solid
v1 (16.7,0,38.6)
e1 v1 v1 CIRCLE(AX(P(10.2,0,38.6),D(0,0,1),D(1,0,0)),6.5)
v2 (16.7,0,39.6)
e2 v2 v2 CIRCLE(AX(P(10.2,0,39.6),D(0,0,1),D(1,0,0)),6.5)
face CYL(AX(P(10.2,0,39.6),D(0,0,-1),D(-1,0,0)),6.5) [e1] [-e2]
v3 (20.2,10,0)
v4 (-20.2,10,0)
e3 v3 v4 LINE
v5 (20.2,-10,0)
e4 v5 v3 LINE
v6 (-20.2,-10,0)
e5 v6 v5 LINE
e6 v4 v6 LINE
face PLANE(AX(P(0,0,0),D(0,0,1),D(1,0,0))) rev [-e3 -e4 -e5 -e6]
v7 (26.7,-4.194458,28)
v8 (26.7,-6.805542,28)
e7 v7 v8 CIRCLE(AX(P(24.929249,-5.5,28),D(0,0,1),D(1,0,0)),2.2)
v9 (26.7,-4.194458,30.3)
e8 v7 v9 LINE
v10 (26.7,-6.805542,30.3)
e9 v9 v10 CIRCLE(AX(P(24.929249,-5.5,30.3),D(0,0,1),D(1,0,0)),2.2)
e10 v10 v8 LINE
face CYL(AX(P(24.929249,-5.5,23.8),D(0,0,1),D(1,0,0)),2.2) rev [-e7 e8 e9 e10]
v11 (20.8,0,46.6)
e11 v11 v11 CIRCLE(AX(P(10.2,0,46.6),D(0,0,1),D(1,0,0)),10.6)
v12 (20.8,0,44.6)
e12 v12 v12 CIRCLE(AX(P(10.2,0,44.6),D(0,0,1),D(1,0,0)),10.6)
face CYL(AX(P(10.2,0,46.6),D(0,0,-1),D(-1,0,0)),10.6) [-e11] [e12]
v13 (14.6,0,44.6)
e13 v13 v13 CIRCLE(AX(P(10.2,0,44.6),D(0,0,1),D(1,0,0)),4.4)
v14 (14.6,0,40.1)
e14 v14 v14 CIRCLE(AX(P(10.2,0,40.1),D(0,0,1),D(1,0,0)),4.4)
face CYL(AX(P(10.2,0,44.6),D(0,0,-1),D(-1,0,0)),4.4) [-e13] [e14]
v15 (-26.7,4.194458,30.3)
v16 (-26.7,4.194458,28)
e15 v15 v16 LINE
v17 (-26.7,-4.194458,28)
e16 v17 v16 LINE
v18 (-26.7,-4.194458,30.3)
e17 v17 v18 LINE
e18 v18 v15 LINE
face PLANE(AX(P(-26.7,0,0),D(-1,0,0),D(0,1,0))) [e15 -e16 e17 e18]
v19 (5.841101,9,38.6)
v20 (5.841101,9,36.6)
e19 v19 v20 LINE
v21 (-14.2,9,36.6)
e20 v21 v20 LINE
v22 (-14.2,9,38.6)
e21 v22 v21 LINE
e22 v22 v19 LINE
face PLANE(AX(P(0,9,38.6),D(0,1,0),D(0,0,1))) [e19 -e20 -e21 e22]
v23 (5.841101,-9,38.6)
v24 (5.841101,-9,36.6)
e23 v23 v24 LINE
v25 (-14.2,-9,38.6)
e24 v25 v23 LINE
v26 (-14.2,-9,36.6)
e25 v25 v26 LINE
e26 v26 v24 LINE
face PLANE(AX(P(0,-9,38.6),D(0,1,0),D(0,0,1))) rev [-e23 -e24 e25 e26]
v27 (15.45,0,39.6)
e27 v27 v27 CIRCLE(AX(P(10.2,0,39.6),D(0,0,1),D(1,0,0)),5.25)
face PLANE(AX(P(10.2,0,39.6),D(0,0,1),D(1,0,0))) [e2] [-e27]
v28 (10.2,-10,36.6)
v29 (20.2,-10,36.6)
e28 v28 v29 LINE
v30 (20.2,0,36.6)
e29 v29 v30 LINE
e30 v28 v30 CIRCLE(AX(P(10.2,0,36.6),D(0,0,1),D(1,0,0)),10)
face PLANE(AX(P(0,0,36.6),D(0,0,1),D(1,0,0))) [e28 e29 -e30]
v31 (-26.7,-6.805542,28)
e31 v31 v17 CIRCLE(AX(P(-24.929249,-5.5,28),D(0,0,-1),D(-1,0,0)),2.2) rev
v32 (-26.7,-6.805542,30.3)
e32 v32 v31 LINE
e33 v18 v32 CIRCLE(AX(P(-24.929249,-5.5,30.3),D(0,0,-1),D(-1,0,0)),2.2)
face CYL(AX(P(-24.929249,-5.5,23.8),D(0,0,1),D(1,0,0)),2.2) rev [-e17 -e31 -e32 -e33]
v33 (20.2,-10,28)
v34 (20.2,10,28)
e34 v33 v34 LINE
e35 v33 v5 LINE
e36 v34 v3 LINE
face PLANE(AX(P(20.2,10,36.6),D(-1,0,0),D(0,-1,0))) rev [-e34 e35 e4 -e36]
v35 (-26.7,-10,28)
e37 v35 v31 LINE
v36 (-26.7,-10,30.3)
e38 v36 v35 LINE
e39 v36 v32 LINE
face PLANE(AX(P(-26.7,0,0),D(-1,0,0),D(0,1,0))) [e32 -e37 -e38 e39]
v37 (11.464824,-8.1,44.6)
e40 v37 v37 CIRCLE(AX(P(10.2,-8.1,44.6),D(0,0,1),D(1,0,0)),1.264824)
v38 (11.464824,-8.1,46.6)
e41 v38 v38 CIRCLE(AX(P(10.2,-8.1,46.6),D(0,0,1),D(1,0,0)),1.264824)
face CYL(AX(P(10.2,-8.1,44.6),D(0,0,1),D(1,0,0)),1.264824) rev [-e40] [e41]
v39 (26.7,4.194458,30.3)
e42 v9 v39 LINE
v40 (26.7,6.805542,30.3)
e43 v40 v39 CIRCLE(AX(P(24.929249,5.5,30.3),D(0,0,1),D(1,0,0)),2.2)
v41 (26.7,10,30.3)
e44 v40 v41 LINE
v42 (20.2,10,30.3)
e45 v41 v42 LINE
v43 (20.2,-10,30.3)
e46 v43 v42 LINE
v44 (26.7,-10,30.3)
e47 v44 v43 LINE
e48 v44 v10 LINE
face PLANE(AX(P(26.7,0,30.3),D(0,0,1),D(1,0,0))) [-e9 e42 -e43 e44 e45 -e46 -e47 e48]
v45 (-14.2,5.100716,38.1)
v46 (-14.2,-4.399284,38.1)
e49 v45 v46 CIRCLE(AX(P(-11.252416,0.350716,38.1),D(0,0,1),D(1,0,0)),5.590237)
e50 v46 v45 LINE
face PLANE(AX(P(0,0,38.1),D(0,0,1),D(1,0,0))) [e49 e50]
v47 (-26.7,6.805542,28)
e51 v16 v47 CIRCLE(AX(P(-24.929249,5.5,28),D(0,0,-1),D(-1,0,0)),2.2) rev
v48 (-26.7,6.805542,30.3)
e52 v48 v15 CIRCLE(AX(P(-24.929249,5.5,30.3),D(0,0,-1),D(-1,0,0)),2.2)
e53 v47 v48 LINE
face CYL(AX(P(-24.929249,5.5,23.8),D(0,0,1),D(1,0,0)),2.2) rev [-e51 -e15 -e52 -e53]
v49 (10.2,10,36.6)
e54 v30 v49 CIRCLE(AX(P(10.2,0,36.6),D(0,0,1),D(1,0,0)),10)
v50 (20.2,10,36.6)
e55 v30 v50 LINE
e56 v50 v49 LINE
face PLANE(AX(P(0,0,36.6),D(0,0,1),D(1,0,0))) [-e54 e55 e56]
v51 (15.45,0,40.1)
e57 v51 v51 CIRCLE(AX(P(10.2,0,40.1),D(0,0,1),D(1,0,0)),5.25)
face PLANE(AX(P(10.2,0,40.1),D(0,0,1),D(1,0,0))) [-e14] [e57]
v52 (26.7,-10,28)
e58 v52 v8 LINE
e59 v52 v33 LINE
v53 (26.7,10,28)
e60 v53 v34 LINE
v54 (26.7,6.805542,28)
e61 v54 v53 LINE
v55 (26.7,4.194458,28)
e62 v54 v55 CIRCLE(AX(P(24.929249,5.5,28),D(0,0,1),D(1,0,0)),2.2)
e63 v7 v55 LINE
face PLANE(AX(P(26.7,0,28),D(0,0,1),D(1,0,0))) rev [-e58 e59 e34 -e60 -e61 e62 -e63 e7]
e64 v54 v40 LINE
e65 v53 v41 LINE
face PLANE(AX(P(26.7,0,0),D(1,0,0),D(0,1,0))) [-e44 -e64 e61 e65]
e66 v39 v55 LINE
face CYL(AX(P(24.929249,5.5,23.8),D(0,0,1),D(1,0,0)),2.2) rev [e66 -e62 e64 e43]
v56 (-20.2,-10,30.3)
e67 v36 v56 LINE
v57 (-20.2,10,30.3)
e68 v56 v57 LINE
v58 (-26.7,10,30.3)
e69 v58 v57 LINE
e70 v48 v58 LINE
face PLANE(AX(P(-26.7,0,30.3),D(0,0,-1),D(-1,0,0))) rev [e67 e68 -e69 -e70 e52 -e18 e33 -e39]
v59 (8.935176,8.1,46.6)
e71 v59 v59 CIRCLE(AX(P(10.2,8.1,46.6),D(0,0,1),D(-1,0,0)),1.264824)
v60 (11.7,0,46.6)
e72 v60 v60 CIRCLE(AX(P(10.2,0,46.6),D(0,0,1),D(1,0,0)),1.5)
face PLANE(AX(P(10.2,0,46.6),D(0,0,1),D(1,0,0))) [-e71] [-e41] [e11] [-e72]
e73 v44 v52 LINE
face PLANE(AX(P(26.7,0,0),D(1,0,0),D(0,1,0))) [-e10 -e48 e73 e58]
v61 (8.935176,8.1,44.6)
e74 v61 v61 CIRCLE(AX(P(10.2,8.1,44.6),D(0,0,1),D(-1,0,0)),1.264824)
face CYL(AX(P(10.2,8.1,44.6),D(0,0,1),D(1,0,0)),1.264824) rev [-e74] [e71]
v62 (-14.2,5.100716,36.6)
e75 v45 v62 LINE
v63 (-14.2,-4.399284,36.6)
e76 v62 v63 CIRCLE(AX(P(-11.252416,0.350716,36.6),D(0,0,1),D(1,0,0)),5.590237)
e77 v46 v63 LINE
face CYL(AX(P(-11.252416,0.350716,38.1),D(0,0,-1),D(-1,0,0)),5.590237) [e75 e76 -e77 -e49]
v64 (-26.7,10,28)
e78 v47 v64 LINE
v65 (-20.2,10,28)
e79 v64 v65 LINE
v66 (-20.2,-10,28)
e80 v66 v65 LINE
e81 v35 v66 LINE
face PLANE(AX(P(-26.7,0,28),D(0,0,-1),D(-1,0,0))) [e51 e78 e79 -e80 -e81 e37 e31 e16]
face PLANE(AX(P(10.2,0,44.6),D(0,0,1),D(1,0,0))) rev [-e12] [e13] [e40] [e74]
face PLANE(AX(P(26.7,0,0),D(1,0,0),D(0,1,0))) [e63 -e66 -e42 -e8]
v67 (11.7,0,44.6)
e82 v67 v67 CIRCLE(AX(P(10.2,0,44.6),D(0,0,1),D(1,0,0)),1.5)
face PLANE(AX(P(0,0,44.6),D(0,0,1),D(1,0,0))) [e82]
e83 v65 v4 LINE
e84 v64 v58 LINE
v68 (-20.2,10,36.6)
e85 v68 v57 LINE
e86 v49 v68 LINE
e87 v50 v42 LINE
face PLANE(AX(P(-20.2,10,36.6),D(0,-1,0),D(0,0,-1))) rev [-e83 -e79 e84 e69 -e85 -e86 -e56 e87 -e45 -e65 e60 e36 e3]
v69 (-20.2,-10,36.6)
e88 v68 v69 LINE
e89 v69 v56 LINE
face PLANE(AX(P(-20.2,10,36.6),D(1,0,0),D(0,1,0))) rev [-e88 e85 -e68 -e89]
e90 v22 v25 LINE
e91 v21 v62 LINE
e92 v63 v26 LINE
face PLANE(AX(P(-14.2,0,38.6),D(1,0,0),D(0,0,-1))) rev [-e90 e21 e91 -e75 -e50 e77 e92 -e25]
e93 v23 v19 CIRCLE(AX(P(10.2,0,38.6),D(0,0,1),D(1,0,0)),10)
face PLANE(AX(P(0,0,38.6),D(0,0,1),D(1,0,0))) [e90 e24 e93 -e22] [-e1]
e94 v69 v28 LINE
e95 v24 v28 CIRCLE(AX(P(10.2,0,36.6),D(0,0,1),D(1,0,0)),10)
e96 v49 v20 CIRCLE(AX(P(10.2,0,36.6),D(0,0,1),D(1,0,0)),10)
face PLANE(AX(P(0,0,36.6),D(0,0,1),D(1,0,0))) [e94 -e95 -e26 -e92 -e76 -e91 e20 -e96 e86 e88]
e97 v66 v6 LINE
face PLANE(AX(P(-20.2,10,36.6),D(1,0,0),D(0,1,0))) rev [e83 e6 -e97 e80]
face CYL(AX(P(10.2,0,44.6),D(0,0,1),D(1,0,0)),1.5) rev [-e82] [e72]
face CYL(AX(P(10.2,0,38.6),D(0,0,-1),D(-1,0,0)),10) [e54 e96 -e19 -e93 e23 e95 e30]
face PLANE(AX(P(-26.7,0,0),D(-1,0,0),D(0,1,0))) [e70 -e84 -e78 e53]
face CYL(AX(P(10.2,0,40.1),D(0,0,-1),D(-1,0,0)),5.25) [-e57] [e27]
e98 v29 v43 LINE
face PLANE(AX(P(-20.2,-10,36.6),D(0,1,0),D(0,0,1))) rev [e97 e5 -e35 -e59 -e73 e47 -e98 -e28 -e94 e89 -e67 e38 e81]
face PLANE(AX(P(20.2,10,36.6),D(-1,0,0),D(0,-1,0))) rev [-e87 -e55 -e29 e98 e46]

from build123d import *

# Parameters (mm, degrees)
SKETCH1_W           = 40.4
SKETCH1_H           = 20
BOSS_EXTRUDE1_DEPTH = 36.6
SKETCH2_W           = 2.3
SKETCH2_H           = 20
BOSS_EXTRUDE2_DEPTH = 6.5
SKETCH3_R           = 2.2
CUT_EXTRUDE1_DEPTH  = 6.5
BOSS_EXTRUDE4_DEPTH = 2
BOSS_EXTRUDE5_DEPTH = 1.5
SKETCH7_R           = 6.5
BOSS_EXTRUDE6_DEPTH = 1
SKETCH9_R           = 5.25
BOSS_EXTRUDE7_DEPTH = 0.5
SKETCH10_R          = 4.4
BOSS_EXTRUDE8_DEPTH = 4.5
SKETCH11_R          = 10.6
BOSS_EXTRUDE9_DEPTH = 2
SKETCH12_R          = 1.5
SKETCH12_R_2        = 1.264823641
CUT_EXTRUDE2_DEPTH  = 2
CIRPATTERN1_COUNT   = 2


with BuildPart() as part:
    # Sketch1 → Boss-Extrude1 (new body)
    with BuildSketch(Plane.XY):
        Rectangle(SKETCH1_W, SKETCH1_H)
    extrude(amount=BOSS_EXTRUDE1_DEPTH)

    # Sketch2 → Boss-Extrude2 (add)
    with BuildSketch(Plane(origin=(20.2, 0, 0), x_dir=(0, 0, -1), z_dir=(1, 0, 0))):
        with Locations((-29.15, 0)):
            Rectangle(SKETCH2_W, SKETCH2_H)
    boss_extrude2 = extrude(amount=BOSS_EXTRUDE2_DEPTH)

    # Sketch3 → Cut-Extrude1 (cut)
    with BuildSketch(Plane.XY.offset(30.3)):
        with Locations((24.929249083, -5.5)):
            Circle(SKETCH3_R)
        with Locations((24.929249083, 5.5)):
            Circle(SKETCH3_R)
    cut_extrude1 = extrude(amount=-CUT_EXTRUDE1_DEPTH, mode=Mode.SUBTRACT)

    # Mirror1: Boss-Extrude2, Cut-Extrude1 across plane
    add(boss_extrude2.mirror(Plane(origin=(0, 0, 0), x_dir=(0, 0, 1), z_dir=(1, 0, 0))))
    add(cut_extrude1.mirror(Plane(origin=(0, 0, 0), x_dir=(0, 0, 1), z_dir=(1, 0, 0))), mode=Mode.SUBTRACT)

    # Sketch5 → Boss-Extrude4 (add)
    with BuildSketch(Plane.XY.offset(36.6)):
        with BuildLine():
            Line((5.841101056, 9), (-14.2, 9))
            Line((-14.2, 9), (-14.2, 5.100716034))
            Line((-14.2, 5.100716034), (-14.2, -4.399283966))
            Line((-14.2, -4.399283966), (-14.2, -9))
            Line((-14.2, -9), (5.841101056, -9))
            ThreePointArc((5.841101056, -9), (0.2, 0), (5.841101056, 9))
        make_face()
        with BuildLine():
            ThreePointArc((20.2, 0), (15.510885546, 8.473163206), (5.841101056, 9))
            Line((5.841101056, 9), (5.841101056, -9))
            ThreePointArc((5.841101056, -9), (15.510885546, -8.473163206), (20.2, 0))
        make_face()
        with BuildLine():
            Line((5.841101056, -9), (5.841101056, 9))
            ThreePointArc((5.841101056, 9), (0.2, 0), (5.841101056, -9))
        make_face()
        with BuildLine():
            ThreePointArc((20.2, 0), (15.510885546, 8.473163206), (5.841101056, 9))
            Line((5.841101056, 9), (5.841101056, -9))
            ThreePointArc((5.841101056, -9), (15.510885546, -8.473163206), (20.2, 0))
        make_face()
        with BuildLine():
            Line((5.841101056, -9), (5.841101056, 9))
            ThreePointArc((5.841101056, 9), (0.2, 0), (5.841101056, -9))
        make_face()
    extrude(amount=BOSS_EXTRUDE4_DEPTH)

    # Sketch6 → Boss-Extrude5 (add)
    with BuildSketch(Plane.XY.offset(36.6)):
        with BuildLine():
            Line((-14.2, -4.399283966), (-14.2, 5.100716034))
            ThreePointArc((-14.2, 5.100716034), (-16.842653315, 0.350716034), (-14.2, -4.399283966))
        make_face()
    extrude(amount=BOSS_EXTRUDE5_DEPTH)

    # Sketch7 → Boss-Extrude6 (add)
    with BuildSketch(Plane.XY.offset(38.6)):
        with Locations((10.2, 0)):
            Circle(SKETCH7_R)
    extrude(amount=BOSS_EXTRUDE6_DEPTH)

    # Sketch9 → Boss-Extrude7 (add)
    with BuildSketch(Plane.XY.offset(39.6)):
        with Locations((10.2, 0)):
            Circle(SKETCH9_R)
    extrude(amount=BOSS_EXTRUDE7_DEPTH)

    # Sketch10 → Boss-Extrude8 (add)
    with BuildSketch(Plane.XY.offset(40.1)):
        with Locations((10.2, 0)):
            Circle(SKETCH10_R)
    extrude(amount=BOSS_EXTRUDE8_DEPTH)

    # Sketch11 → Boss-Extrude9 (add)
    with BuildSketch(Plane.XY.offset(44.6)):
        with Locations((10.2, 0)):
            Circle(SKETCH11_R)
    extrude(amount=BOSS_EXTRUDE9_DEPTH)

    # Sketch12 → Cut-Extrude2 (cut)
    with BuildSketch(Plane.XY.offset(46.6)):
        with Locations((10.2, 0)):
            Circle(SKETCH12_R)
        with Locations((10.2, -8.1)):
            Circle(SKETCH12_R_2)
    cut_extrude2 = extrude(amount=-CUT_EXTRUDE2_DEPTH, mode=Mode.SUBTRACT)

    # CirPattern1: Cut-Extrude2 ×2 about axis
    cirpattern1_axis = Axis((10.2, 0, 0), (0, 0, 1))
    for i in range(1, CIRPATTERN1_COUNT):
        add(cut_extrude2.rotate(cirpattern1_axis, i * 360 / CIRPATTERN1_COUNT), mode=Mode.SUBTRACT)


solid = part.part
